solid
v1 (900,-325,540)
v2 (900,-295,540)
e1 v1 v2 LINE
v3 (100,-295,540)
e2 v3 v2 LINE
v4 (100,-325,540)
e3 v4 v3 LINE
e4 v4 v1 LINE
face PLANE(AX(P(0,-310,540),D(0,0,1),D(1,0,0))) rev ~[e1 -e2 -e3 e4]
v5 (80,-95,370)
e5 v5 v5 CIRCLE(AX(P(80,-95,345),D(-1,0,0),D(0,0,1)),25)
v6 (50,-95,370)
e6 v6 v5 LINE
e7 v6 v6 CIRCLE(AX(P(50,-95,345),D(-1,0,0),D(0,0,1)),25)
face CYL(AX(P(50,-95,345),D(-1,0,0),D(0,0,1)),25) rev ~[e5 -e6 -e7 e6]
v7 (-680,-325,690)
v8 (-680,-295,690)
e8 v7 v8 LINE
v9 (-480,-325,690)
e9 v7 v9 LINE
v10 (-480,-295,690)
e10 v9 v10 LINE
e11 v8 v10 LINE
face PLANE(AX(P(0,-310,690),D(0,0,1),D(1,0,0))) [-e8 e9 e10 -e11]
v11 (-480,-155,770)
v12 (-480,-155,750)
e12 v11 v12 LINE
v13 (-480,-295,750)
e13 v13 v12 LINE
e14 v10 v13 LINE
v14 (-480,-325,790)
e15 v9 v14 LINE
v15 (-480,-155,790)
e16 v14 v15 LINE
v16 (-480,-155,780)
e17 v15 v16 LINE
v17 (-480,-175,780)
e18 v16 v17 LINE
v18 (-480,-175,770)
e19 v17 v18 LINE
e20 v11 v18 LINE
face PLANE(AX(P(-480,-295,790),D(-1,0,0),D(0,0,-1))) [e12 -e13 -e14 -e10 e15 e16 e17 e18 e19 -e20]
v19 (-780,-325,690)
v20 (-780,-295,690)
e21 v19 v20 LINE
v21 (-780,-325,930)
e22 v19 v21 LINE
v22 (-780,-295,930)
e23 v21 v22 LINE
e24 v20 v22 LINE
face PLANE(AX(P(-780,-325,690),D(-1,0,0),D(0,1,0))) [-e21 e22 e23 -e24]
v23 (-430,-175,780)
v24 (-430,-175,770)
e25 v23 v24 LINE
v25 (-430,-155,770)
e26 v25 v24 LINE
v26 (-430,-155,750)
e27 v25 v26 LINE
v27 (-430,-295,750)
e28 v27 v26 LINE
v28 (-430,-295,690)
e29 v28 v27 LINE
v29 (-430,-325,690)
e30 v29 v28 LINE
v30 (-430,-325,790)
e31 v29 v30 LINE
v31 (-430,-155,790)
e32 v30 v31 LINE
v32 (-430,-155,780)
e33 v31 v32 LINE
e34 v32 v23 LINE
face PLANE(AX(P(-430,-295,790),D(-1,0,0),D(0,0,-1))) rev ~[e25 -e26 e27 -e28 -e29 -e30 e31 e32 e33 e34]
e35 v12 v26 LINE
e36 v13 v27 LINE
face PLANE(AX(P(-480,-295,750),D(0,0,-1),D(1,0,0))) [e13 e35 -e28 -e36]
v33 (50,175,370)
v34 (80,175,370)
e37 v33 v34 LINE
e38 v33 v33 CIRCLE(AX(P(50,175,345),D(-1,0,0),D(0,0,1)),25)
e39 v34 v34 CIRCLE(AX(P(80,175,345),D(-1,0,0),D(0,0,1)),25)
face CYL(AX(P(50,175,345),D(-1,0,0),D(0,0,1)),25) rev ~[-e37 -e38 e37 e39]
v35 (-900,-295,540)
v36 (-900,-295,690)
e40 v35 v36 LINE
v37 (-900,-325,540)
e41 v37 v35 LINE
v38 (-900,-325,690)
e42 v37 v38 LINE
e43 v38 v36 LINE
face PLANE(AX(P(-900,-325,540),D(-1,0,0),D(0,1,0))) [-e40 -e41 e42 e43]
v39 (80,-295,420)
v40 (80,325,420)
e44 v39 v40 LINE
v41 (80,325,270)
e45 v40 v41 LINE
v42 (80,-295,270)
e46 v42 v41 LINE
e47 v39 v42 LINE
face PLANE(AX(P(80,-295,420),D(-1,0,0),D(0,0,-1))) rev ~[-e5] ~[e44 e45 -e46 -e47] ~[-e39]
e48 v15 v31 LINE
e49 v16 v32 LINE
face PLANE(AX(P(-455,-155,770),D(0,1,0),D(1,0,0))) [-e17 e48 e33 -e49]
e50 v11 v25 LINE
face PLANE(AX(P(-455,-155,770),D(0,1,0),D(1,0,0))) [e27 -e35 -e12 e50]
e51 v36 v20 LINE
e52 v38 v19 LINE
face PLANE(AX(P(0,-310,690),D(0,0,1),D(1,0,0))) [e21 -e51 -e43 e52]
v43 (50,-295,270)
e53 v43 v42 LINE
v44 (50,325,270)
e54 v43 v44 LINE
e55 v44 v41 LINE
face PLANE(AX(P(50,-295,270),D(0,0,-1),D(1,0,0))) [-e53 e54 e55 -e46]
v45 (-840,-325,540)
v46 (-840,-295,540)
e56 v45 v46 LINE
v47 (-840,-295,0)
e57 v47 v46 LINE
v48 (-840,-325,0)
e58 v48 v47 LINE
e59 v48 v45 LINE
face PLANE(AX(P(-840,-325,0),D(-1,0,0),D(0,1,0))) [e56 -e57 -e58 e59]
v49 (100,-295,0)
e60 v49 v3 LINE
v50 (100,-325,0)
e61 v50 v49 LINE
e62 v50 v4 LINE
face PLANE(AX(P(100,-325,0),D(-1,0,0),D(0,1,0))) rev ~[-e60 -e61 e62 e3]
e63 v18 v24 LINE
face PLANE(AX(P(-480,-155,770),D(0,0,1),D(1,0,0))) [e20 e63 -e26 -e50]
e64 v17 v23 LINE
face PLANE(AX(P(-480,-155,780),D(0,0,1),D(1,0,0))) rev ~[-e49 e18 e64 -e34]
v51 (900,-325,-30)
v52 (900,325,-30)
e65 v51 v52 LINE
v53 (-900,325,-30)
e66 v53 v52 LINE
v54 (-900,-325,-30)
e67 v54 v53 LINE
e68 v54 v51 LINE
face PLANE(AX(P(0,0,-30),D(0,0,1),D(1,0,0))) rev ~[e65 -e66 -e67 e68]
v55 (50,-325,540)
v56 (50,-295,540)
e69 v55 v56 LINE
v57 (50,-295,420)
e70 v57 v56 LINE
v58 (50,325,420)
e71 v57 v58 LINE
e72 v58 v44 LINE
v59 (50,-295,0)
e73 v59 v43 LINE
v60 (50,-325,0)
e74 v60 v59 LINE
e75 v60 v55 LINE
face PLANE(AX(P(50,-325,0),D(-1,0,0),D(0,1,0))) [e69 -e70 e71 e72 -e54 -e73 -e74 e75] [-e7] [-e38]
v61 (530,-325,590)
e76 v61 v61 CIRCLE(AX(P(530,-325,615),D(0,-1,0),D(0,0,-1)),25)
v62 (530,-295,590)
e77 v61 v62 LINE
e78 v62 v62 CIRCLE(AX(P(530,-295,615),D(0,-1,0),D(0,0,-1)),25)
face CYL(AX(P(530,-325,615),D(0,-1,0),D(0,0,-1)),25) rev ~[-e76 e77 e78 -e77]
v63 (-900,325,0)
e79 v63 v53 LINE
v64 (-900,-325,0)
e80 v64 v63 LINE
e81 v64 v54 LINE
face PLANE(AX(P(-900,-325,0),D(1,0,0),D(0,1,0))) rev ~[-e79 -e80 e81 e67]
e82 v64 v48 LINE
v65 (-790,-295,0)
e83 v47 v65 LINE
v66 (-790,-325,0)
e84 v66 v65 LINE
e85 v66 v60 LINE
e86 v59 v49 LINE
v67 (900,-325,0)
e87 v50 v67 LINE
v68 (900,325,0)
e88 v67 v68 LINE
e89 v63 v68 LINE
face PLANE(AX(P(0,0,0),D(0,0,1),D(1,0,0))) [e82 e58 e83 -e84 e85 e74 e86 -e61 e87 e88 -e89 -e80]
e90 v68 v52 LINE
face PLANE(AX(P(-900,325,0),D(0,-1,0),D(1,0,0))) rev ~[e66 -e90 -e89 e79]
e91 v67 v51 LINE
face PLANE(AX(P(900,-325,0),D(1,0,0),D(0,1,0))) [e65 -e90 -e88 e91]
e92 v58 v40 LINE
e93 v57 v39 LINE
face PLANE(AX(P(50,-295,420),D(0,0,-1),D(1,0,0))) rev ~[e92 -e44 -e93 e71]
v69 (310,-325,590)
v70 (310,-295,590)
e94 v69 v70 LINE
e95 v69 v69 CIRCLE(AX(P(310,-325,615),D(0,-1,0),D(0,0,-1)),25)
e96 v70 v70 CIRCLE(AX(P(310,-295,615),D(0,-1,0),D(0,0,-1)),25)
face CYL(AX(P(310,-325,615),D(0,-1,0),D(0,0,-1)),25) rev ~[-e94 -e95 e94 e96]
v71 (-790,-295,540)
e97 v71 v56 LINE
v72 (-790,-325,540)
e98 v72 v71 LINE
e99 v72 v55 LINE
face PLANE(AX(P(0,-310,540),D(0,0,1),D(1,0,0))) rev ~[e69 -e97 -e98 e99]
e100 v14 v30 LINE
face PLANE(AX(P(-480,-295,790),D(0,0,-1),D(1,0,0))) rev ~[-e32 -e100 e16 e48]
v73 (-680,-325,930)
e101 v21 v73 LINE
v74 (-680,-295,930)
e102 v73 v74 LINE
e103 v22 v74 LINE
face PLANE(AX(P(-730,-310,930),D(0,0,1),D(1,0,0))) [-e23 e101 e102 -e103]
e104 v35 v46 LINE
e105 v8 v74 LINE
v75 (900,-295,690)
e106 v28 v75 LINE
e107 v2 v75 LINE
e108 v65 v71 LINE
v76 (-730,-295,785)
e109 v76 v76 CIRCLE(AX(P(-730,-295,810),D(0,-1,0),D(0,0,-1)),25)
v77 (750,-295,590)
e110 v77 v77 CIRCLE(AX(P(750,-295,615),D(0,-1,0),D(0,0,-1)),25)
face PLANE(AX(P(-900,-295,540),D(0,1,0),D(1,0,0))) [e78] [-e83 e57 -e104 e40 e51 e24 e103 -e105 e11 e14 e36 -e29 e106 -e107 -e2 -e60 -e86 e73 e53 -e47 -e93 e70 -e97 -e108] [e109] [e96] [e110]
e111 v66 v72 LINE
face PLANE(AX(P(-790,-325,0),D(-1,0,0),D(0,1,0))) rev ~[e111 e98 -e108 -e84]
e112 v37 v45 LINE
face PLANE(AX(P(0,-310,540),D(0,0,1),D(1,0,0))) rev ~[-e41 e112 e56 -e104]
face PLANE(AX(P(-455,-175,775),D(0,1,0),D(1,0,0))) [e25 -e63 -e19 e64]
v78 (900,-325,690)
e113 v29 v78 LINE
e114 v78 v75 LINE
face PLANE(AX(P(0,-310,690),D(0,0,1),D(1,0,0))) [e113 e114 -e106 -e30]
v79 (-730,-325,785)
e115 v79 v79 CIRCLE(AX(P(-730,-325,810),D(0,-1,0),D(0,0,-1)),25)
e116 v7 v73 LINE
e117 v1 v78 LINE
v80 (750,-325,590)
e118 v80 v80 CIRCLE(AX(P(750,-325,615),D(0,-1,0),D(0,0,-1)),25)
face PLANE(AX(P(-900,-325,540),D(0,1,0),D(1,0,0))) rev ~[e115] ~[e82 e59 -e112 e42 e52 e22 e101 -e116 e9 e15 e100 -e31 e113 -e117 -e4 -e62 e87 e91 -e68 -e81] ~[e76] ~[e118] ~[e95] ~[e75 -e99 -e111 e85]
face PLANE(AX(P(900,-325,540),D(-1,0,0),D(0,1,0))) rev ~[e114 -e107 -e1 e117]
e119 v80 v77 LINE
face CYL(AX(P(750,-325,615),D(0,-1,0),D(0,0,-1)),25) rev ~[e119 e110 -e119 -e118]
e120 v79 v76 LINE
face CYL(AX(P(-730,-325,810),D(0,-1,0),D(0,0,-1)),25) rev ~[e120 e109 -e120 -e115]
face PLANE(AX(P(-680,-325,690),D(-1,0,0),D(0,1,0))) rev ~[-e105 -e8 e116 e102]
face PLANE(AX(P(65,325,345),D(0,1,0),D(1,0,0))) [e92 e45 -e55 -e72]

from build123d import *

# Parameters (mm, degrees)
SKETCH1_W           = 1800
SKETCH1_H           = 650
BOSS_EXTRUDE1_DEPTH = 30
SKETCH2_W           = 50
SKETCH2_H           = 30
BOSS_EXTRUDE2_DEPTH = 540
SKETCH3_W           = 1800
SKETCH3_H           = 30
BOSS_EXTRUDE4_DEPTH = 150
SKETCH4_W           = 30
SKETCH4_H           = 150
BOSS_EXTRUDE5_DEPTH = 620
SKETCH5_W           = 100
SKETCH5_H           = 30
BOSS_EXTRUDE6_DEPTH = 240
SKETCH6_W           = 50
SKETCH6_H           = 30
BOSS_EXTRUDE7_DEPTH = 100
SKETCH7_W           = 50
SKETCH7_H           = 40
BOSS_EXTRUDE8_DEPTH = 140
SKETCH8_W           = 50
SKETCH8_H           = 10
CUT_EXTRUDE1_DEPTH  = 20
SKETCH9_R           = 25
CUT_EXTRUDE2_DEPTH  = 40
SKETCH10_R          = 25
CUT_EXTRUDE3_DEPTH  = 40
SKETCH11_R          = 25
CUT_EXTRUDE4_DEPTH  = 40


with BuildPart() as part:
    # Sketch1 → Boss-Extrude1 (new body)
    with BuildSketch(Plane.XY):
        Rectangle(SKETCH1_W, SKETCH1_H)
    extrude(amount=-BOSS_EXTRUDE1_DEPTH)

    # Sketch2 → Boss-Extrude2 (add)
    with BuildSketch(Plane.XY):
        with Locations((75, -310)):
            Rectangle(SKETCH2_W, SKETCH2_H)
        with Locations((-815, -310)):
            Rectangle(SKETCH2_W, SKETCH2_H)
    extrude(amount=BOSS_EXTRUDE2_DEPTH)

    # Sketch3 → Boss-Extrude4 (add)
    with BuildSketch(Plane.XY.offset(540)):
        with Locations((0, -310)):
            Rectangle(SKETCH3_W, SKETCH3_H)
    extrude(amount=BOSS_EXTRUDE4_DEPTH)

    # Sketch4 → Boss-Extrude5 (add)
    with BuildSketch(Plane(origin=(0, -295, 0), x_dir=(1, 0, 0), z_dir=(0, 1, 0))):
        with Locations((65, -345)):
            Rectangle(SKETCH4_W, SKETCH4_H)
    extrude(amount=BOSS_EXTRUDE5_DEPTH)

    # Sketch5 → Boss-Extrude6 (add)
    with BuildSketch(Plane.XY.offset(690)):
        with Locations((-730, -310)):
            Rectangle(SKETCH5_W, SKETCH5_H)
    extrude(amount=BOSS_EXTRUDE6_DEPTH)

    # Sketch6 → Boss-Extrude7 (add)
    with BuildSketch(Plane.XY.offset(690)):
        with Locations((-455, -310)):
            Rectangle(SKETCH6_W, SKETCH6_H)
    extrude(amount=BOSS_EXTRUDE7_DEPTH)

    # Sketch7 → Boss-Extrude8 (add)
    with BuildSketch(Plane(origin=(0, -295, 0), x_dir=(1, 0, 0), z_dir=(0, 1, 0))):
        with Locations((-455, -770)):
            Rectangle(SKETCH7_W, SKETCH7_H)
    extrude(amount=BOSS_EXTRUDE8_DEPTH)

    # Sketch8 → Cut-Extrude1 (cut)
    with BuildSketch(Plane(origin=(0, -155, 0), x_dir=(1, 0, 0), z_dir=(0, 1, 0))):
        with Locations((-455, -775)):
            Rectangle(SKETCH8_W, SKETCH8_H)
    extrude(amount=-CUT_EXTRUDE1_DEPTH, mode=Mode.SUBTRACT)

    # Sketch9 → Cut-Extrude2 (cut)
    with BuildSketch(Plane.XZ.offset(325)):
        with Locations(Location((750, 615, 0), (0, 0, 270))):
            Circle(SKETCH9_R)
        with Locations(Location((530, 615, 0), (0, 0, 270))):
            Circle(SKETCH9_R)
        with Locations(Location((310, 615, 0), (0, 0, 270))):
            Circle(SKETCH9_R)
    extrude(amount=-CUT_EXTRUDE2_DEPTH, mode=Mode.SUBTRACT)

    # Sketch10 → Cut-Extrude3 (cut)
    with BuildSketch(Plane.ZY.offset(-50)):
        with Locations((345, -95)):
            Circle(SKETCH10_R)
        with Locations((345, 175)):
            Circle(SKETCH10_R)
    extrude(amount=-CUT_EXTRUDE3_DEPTH, mode=Mode.SUBTRACT)

    # Sketch11 → Cut-Extrude4 (cut)
    with BuildSketch(Plane.XZ.offset(325)):
        with Locations(Location((-730, 810, 0), (0, 0, 270))):
            Circle(SKETCH11_R)
    extrude(amount=-CUT_EXTRUDE4_DEPTH, mode=Mode.SUBTRACT)


solid = part.part
